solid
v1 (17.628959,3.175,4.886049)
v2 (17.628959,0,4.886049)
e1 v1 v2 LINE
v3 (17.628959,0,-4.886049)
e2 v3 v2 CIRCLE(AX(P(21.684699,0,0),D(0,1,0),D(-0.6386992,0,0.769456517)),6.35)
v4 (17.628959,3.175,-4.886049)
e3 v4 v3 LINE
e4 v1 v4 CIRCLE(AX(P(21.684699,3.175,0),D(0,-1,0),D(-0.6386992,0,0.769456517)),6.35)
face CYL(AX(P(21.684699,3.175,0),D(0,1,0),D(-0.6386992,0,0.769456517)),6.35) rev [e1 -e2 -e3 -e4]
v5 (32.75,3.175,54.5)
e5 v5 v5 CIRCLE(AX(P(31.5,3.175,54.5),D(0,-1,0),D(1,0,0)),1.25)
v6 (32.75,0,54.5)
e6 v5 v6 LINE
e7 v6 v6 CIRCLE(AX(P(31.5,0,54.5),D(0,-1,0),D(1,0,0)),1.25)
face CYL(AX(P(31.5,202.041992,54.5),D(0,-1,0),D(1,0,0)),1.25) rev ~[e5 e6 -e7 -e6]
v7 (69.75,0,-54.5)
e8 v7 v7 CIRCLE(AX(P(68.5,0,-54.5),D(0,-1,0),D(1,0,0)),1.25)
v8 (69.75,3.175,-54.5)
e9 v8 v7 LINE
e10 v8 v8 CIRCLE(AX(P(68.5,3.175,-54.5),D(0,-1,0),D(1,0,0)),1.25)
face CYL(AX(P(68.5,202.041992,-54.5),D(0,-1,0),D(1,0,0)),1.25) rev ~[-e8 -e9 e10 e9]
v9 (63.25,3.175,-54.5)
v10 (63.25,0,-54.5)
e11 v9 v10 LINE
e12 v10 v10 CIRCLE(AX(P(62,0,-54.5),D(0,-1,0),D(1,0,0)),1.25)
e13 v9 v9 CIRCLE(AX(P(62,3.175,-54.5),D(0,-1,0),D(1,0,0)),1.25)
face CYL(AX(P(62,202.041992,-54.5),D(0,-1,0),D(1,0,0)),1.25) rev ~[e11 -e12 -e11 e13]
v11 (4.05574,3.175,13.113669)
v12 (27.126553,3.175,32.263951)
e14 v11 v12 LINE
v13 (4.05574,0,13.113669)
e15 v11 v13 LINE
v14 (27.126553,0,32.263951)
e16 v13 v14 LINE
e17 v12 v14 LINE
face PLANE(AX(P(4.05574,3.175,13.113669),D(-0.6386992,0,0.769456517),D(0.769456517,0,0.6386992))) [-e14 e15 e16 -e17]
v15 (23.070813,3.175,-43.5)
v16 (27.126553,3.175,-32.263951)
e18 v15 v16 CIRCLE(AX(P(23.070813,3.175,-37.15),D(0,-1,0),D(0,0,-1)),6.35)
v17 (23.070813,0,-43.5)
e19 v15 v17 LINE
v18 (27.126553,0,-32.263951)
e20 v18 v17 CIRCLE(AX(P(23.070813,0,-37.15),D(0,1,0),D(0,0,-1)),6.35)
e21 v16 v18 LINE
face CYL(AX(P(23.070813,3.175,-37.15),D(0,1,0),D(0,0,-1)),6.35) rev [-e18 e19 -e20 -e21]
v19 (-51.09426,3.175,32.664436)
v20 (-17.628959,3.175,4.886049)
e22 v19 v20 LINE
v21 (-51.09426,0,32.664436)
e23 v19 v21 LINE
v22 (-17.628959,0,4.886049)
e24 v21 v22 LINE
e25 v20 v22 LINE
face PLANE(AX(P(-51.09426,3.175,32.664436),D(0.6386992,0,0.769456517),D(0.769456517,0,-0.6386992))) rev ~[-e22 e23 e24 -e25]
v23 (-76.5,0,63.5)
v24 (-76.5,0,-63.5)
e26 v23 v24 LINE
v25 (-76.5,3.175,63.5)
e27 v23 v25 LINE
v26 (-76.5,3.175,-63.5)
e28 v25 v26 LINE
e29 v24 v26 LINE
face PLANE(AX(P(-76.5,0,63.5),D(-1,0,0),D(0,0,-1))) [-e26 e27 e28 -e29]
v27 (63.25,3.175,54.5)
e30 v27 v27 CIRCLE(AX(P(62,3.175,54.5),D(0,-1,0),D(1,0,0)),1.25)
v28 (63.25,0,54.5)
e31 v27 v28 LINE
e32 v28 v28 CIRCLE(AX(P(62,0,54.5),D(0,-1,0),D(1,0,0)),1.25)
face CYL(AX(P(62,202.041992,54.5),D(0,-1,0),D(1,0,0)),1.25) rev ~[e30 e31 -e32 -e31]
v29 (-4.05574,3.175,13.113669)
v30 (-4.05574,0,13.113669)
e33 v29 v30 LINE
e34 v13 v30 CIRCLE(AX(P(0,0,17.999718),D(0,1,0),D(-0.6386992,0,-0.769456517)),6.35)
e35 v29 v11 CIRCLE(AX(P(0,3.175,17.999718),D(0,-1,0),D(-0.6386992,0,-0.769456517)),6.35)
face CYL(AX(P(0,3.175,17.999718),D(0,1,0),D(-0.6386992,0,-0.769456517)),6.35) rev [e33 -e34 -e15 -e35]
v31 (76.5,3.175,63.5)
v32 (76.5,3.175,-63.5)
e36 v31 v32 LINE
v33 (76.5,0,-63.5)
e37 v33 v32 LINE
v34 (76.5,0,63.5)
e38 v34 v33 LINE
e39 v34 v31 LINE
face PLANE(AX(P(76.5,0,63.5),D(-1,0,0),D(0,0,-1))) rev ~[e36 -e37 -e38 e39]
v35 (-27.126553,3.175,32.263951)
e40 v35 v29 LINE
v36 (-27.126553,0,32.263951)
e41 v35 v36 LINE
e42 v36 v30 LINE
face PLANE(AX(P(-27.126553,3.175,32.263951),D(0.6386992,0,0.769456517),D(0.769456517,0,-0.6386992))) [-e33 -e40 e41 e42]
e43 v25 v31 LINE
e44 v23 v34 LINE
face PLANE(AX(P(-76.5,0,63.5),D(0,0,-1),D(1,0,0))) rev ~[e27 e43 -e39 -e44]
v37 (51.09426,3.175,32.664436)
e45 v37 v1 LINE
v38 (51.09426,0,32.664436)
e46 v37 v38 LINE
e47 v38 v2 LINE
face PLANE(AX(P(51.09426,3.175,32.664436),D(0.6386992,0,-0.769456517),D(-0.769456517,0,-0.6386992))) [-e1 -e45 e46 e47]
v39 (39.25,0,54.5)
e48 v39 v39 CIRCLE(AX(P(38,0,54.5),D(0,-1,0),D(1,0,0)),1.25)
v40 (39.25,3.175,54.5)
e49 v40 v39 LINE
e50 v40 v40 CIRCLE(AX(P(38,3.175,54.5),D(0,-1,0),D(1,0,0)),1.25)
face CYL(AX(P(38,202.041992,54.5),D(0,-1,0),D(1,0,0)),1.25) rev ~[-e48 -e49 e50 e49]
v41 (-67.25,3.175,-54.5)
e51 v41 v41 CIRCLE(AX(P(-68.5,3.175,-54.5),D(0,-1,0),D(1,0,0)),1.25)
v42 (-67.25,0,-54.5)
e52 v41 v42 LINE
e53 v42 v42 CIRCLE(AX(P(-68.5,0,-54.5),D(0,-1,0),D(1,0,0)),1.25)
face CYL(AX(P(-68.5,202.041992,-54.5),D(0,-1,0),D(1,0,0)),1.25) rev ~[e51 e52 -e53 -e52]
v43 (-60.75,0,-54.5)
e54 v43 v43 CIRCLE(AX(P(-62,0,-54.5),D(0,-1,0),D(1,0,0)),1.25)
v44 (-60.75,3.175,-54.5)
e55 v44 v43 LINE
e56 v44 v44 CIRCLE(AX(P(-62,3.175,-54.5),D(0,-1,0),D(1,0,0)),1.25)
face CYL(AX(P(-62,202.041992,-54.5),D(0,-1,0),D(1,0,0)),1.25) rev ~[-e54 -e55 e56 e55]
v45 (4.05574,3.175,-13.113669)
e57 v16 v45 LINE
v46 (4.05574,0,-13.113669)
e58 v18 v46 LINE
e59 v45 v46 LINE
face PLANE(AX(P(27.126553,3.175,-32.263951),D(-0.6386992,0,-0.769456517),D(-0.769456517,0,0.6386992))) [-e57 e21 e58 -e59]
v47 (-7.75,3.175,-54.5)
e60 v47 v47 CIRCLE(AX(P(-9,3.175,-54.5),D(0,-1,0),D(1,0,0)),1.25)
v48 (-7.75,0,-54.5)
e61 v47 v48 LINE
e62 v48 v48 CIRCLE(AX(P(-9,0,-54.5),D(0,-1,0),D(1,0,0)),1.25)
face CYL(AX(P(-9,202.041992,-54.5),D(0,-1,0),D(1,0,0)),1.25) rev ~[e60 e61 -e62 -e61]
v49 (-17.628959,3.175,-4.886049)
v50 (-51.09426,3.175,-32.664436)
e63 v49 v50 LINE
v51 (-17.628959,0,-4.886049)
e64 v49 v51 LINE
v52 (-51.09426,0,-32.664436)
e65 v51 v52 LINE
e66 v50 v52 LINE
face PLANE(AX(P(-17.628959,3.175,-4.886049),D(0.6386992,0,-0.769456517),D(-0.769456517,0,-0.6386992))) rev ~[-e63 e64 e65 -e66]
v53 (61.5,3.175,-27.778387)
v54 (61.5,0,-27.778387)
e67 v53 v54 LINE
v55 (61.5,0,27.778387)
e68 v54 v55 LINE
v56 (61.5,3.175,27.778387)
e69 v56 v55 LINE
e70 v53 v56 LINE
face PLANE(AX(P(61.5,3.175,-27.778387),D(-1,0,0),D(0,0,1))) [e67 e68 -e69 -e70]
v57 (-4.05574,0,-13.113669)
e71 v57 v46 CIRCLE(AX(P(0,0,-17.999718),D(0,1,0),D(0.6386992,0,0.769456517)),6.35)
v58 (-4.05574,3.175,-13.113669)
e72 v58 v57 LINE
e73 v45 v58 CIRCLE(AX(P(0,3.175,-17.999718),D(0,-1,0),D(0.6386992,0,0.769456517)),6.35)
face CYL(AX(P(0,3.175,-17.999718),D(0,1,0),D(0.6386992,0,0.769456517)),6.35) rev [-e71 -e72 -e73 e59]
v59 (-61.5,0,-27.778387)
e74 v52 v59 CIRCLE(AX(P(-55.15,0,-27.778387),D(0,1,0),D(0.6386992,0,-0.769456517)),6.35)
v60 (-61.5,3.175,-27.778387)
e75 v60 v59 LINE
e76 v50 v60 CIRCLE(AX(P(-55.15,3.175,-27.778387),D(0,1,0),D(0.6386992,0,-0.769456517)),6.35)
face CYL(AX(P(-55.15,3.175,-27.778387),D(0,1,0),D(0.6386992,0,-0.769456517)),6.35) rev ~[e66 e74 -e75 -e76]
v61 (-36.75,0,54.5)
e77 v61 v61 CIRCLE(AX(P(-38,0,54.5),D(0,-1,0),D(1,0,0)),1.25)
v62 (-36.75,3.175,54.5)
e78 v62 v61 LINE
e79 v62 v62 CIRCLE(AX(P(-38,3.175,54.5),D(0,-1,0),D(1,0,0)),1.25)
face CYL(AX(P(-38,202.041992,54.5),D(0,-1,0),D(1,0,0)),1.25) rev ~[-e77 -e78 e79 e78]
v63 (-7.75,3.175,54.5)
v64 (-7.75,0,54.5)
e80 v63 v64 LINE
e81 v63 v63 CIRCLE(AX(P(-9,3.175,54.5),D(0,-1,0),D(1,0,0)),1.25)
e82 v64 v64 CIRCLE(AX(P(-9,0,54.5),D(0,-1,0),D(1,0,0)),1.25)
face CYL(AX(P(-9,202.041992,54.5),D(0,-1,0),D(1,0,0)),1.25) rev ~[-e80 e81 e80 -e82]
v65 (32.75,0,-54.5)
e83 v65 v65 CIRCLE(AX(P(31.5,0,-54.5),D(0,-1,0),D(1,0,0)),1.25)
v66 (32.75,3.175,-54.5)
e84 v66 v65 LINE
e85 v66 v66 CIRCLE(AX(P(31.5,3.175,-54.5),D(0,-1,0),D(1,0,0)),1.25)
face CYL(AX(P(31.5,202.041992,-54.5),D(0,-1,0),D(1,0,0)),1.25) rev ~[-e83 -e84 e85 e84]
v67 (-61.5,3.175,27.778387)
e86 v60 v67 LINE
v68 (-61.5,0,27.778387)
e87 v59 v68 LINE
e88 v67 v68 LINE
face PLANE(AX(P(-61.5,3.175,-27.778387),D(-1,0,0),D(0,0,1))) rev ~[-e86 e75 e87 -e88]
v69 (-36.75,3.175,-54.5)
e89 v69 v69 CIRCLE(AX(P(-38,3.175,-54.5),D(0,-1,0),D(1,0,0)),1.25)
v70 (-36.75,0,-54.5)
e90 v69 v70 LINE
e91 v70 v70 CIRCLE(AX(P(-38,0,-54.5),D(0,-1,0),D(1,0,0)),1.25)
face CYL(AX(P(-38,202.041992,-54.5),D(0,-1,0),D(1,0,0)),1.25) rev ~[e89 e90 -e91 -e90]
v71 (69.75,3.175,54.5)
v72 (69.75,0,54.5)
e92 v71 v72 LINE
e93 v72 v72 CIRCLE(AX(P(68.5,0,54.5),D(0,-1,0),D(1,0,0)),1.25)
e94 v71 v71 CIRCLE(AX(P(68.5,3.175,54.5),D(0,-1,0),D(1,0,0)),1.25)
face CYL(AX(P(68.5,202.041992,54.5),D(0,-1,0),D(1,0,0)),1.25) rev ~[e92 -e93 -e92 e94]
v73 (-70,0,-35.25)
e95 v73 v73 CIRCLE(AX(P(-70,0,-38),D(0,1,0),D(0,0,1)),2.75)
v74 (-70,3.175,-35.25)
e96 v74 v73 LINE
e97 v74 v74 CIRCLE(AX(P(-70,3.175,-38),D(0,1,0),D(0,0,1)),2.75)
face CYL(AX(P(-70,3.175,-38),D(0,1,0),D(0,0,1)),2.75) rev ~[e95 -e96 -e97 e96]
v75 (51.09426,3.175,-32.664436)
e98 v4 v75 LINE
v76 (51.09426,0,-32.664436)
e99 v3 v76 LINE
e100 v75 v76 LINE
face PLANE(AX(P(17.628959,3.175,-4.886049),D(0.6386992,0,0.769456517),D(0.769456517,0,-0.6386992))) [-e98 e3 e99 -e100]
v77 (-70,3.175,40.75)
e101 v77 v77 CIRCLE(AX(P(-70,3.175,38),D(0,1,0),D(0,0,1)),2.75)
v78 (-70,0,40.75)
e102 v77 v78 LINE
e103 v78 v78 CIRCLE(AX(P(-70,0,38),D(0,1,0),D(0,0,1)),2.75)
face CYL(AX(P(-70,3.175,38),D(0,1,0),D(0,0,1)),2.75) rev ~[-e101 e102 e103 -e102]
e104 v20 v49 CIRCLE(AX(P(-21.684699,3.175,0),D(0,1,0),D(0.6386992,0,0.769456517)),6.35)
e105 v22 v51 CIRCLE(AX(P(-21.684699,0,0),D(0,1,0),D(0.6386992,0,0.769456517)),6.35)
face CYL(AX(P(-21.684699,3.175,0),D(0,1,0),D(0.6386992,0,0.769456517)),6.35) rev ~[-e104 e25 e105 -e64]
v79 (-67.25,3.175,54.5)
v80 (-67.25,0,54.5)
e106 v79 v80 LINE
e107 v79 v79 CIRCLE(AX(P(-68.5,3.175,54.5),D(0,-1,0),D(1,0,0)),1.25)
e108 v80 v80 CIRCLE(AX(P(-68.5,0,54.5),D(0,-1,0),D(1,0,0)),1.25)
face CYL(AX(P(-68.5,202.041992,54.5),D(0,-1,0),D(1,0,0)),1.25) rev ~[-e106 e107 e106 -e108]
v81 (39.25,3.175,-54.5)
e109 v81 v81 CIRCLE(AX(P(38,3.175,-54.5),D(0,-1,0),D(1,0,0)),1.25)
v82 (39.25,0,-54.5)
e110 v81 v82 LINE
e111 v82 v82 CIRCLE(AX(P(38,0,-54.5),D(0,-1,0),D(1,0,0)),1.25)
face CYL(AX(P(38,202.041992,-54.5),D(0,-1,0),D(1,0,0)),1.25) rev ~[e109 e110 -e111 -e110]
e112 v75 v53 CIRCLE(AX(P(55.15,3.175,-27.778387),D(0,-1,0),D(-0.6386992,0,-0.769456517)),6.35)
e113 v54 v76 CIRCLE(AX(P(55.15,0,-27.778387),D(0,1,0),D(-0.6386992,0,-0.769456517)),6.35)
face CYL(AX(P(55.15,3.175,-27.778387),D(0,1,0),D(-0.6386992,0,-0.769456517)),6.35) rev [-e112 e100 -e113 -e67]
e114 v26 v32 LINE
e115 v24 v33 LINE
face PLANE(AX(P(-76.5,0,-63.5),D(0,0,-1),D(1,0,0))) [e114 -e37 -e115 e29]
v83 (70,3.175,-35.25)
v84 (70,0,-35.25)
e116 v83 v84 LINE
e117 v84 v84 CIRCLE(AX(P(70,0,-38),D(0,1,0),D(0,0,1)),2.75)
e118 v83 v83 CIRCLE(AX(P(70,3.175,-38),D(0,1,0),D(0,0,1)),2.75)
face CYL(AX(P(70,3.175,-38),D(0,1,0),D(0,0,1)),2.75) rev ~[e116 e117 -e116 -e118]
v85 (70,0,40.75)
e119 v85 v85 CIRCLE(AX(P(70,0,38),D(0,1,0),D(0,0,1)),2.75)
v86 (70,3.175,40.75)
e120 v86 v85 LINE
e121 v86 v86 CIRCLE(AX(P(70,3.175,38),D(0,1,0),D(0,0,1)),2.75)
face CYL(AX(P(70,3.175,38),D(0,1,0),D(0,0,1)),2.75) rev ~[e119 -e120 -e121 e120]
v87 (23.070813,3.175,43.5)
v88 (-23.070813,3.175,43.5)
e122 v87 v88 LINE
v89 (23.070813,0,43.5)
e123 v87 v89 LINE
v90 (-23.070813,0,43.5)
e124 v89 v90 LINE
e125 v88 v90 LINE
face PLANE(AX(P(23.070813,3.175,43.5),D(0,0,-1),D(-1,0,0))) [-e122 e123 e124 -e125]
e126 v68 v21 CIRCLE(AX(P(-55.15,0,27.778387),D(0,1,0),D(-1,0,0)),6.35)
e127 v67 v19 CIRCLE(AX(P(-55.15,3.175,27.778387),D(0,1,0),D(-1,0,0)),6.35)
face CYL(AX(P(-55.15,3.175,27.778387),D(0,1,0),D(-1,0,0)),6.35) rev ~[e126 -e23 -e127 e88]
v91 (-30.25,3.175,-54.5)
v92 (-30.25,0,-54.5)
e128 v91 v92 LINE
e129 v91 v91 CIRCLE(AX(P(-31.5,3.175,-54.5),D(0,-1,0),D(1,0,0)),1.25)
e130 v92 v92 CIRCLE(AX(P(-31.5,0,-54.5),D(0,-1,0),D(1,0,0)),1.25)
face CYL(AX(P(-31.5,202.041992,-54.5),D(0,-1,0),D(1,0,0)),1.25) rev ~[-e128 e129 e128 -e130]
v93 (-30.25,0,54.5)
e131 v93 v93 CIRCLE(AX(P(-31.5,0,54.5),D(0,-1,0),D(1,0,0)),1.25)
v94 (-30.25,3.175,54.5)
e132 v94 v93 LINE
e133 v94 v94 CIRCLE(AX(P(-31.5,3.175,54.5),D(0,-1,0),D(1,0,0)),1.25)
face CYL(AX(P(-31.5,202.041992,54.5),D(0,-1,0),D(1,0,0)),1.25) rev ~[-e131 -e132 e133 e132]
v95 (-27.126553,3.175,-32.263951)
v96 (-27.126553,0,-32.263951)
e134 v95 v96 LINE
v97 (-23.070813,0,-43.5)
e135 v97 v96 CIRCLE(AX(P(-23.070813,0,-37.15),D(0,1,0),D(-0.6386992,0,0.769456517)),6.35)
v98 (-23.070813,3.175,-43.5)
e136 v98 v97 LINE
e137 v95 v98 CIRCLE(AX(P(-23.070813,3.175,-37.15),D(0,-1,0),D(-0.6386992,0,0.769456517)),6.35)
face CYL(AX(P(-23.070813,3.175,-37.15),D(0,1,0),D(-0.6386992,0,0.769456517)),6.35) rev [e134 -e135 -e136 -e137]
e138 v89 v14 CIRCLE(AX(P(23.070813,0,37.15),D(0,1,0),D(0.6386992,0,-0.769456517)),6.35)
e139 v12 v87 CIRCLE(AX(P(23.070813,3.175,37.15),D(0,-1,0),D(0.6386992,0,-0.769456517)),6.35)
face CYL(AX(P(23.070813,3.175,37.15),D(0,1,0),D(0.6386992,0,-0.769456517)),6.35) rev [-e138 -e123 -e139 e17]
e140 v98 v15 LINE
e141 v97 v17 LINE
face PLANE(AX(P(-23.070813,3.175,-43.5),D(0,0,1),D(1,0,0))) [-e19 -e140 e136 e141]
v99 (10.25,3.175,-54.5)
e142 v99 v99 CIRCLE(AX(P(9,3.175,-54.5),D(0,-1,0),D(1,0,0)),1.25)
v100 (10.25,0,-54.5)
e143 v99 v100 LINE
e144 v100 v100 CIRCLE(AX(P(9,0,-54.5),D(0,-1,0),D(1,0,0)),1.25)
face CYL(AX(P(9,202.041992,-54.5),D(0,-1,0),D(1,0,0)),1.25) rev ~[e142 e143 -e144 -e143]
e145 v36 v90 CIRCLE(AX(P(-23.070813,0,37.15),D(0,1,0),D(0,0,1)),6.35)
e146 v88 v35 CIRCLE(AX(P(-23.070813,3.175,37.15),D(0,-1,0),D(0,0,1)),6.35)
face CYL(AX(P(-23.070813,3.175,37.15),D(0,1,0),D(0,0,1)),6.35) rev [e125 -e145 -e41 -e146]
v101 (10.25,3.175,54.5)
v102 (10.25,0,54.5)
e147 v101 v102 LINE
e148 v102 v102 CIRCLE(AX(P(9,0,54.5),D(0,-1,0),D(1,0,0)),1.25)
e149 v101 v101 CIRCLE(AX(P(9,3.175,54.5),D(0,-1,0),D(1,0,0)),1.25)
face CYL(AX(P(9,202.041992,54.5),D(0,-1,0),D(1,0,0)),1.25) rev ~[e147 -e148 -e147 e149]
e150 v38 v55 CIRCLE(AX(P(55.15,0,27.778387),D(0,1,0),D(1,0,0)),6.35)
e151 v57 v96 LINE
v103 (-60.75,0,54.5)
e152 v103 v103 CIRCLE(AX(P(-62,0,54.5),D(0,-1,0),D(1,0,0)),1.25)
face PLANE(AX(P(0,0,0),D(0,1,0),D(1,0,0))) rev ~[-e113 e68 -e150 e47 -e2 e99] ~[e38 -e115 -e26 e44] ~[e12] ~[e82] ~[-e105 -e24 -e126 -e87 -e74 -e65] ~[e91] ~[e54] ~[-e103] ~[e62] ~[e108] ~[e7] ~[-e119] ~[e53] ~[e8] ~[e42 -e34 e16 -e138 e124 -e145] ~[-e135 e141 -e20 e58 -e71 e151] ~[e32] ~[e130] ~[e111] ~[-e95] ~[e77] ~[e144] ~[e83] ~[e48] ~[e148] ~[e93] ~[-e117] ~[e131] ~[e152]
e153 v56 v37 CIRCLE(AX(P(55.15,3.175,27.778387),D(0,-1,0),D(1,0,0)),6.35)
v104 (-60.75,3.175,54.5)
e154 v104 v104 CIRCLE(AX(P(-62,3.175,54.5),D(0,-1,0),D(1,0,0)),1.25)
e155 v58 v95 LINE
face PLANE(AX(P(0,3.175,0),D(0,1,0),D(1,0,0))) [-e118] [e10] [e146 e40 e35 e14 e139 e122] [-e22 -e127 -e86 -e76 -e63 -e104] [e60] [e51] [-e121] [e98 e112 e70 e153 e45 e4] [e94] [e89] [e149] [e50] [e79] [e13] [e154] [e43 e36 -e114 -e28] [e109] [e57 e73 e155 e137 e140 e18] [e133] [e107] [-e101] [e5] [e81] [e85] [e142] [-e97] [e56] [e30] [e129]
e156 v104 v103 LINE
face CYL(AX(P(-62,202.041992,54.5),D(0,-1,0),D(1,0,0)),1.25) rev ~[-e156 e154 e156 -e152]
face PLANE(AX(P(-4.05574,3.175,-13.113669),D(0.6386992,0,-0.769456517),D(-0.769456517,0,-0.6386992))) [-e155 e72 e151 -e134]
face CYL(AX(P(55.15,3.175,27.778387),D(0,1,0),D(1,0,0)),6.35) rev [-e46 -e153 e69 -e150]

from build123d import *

# Parameters (mm, degrees)
SKETCH1_W             = 153
SKETCH1_H             = 127.000000028
BOSS_EXTRUDE1_DEPTH   = 3.175
M3X0_5_TAPPED_HOLE1_D = 2.5
SKETCH4_R             = 2.75
CUT_EXTRUDE1_DEPTH    = 4.175
CUT_EXTRUDE2_DEPTH    = 4.175


with BuildPart() as part:
    # Sketch1 → Boss-Extrude1 (new body)
    with BuildSketch(Plane(origin=(0, 0, 0), x_dir=(1, 0, 0), z_dir=(0, 1, 0))):
        Rectangle(SKETCH1_W, SKETCH1_H)
    extrude(amount=BOSS_EXTRUDE1_DEPTH)

    # M3x0.5 Tapped Hole1 (through all)
    with Locations(Plane(origin=(0, 3.175, 0), x_dir=(-1, 0, 0), z_dir=(0, 1, 0))):
        with Locations((62, -54.500000014), (38, -54.500000014), (9, -54.500000014), (-9, -54.500000014), (-38, -54.500000014), (-62, -54.500000014), (-62, 54.500000014), (-38, 54.500000014), (-9, 54.500000014), (9, 54.500000014), (38, 54.500000014), (62, 54.500000014), (-31.5, 54.500000014), (-68.5, 54.500000014), (-68.5, -54.500000014), (-31.5, -54.500000014), (31.5, -54.500000014), (68.5, -54.500000014), (31.5, 54.500000014), (68.5, 54.500000014)):
            Hole(M3X0_5_TAPPED_HOLE1_D / 2)

    # Sketch4 → Cut-Extrude1 (cut, through all)
    with BuildSketch(Plane(origin=(0, 3.175, 0), x_dir=(1, 0, 0), z_dir=(0, 1, 0))):
        with Locations(Location((-70, 38, 0), (0, 0, 270))):  # turned: the seam where the file's is
            Circle(SKETCH4_R)
        with Locations(Location((-70, -38, 0), (0, 0, 270))):  # turned: the seam where the file's is
            Circle(SKETCH4_R)
        with Locations(Location((70, -38, 0), (0, 0, 270))):  # turned: the seam where the file's is
            Circle(SKETCH4_R)
        with Locations(Location((70, 38, 0), (0, 0, 270))):  # turned: the seam where the file's is
            Circle(SKETCH4_R)
    extrude(amount=-CUT_EXTRUDE1_DEPTH, mode=Mode.SUBTRACT)

    # Sketch5 → Cut-Extrude2 (cut, through all)
    with BuildSketch(Plane(origin=(0, 3.175, 0), x_dir=(1, 0, 0), z_dir=(0, 1, 0))):
        with BuildLine():
            Line((-23.070812682, 43.500000014), (23.070812682, 43.500000014))
            ThreePointArc((23.070812682, 43.500000014), (29.043622339, 39.30593248), (27.126552604, 32.263951132))
            Line((27.126552604, 32.263951132), (4.055739923, 13.113668706))
            ThreePointArc((4.055739923, 13.113668706), (0, 11.649717588), (-4.055739923, 13.113668706))
            Line((-4.055739923, 13.113668706), (-27.126552604, 32.263951132))
            ThreePointArc((-27.126552604, 32.263951132), (-29.043622339, 39.30593248), (-23.070812682, 43.500000014))
        make_face()
        with BuildLine():
            Line((-61.5, 27.778386997), (-61.5, -27.778386997))
            ThreePointArc((-61.5, -27.778386997), (-57.848939745, -33.526275675), (-51.094260077, -32.66443588))
            Line((-51.094260077, -32.66443588), (-17.628959214, -4.886048882))
            ThreePointArc((-17.628959214, -4.886048882), (-15.334699136, 0), (-17.628959214, 4.886048882))
            Line((-17.628959214, 4.886048882), (-51.094260077, 32.66443588))
            ThreePointArc((-51.094260077, 32.66443588), (-57.848939745, 33.526275675), (-61.5, 27.778386997))
        make_face()
        with BuildLine():
            Line((4.055739923, -13.113668706), (27.126552604, -32.263951132))
            ThreePointArc((27.126552604, -32.263951132), (29.043622339, -39.30593248), (23.070812682, -43.500000014))
            Line((23.070812682, -43.500000014), (-23.070812682, -43.500000014))
            ThreePointArc((-23.070812682, -43.500000014), (-29.043622339, -39.30593248), (-27.126552604, -32.263951132))
            Line((-27.126552604, -32.263951132), (-4.055739923, -13.113668706))
            ThreePointArc((-4.055739923, -13.113668706), (0, -11.649717588), (4.055739923, -13.113668706))
        make_face()
        with BuildLine():
            Line((61.5, 27.778386997), (61.5, -27.778386997))
            ThreePointArc((61.5, -27.778386997), (57.848939745, -33.526275675), (51.094260077, -32.66443588))
            Line((51.094260077, -32.66443588), (17.628959214, -4.886048882))
            ThreePointArc((17.628959214, -4.886048882), (15.334699136, 0), (17.628959214, 4.886048882))
            Line((17.628959214, 4.886048882), (51.094260077, 32.66443588))
            ThreePointArc((51.094260077, 32.66443588), (57.848939745, 33.526275675), (61.5, 27.778386997))
        make_face()
    extrude(amount=-CUT_EXTRUDE2_DEPTH, mode=Mode.SUBTRACT)


solid = part.part
